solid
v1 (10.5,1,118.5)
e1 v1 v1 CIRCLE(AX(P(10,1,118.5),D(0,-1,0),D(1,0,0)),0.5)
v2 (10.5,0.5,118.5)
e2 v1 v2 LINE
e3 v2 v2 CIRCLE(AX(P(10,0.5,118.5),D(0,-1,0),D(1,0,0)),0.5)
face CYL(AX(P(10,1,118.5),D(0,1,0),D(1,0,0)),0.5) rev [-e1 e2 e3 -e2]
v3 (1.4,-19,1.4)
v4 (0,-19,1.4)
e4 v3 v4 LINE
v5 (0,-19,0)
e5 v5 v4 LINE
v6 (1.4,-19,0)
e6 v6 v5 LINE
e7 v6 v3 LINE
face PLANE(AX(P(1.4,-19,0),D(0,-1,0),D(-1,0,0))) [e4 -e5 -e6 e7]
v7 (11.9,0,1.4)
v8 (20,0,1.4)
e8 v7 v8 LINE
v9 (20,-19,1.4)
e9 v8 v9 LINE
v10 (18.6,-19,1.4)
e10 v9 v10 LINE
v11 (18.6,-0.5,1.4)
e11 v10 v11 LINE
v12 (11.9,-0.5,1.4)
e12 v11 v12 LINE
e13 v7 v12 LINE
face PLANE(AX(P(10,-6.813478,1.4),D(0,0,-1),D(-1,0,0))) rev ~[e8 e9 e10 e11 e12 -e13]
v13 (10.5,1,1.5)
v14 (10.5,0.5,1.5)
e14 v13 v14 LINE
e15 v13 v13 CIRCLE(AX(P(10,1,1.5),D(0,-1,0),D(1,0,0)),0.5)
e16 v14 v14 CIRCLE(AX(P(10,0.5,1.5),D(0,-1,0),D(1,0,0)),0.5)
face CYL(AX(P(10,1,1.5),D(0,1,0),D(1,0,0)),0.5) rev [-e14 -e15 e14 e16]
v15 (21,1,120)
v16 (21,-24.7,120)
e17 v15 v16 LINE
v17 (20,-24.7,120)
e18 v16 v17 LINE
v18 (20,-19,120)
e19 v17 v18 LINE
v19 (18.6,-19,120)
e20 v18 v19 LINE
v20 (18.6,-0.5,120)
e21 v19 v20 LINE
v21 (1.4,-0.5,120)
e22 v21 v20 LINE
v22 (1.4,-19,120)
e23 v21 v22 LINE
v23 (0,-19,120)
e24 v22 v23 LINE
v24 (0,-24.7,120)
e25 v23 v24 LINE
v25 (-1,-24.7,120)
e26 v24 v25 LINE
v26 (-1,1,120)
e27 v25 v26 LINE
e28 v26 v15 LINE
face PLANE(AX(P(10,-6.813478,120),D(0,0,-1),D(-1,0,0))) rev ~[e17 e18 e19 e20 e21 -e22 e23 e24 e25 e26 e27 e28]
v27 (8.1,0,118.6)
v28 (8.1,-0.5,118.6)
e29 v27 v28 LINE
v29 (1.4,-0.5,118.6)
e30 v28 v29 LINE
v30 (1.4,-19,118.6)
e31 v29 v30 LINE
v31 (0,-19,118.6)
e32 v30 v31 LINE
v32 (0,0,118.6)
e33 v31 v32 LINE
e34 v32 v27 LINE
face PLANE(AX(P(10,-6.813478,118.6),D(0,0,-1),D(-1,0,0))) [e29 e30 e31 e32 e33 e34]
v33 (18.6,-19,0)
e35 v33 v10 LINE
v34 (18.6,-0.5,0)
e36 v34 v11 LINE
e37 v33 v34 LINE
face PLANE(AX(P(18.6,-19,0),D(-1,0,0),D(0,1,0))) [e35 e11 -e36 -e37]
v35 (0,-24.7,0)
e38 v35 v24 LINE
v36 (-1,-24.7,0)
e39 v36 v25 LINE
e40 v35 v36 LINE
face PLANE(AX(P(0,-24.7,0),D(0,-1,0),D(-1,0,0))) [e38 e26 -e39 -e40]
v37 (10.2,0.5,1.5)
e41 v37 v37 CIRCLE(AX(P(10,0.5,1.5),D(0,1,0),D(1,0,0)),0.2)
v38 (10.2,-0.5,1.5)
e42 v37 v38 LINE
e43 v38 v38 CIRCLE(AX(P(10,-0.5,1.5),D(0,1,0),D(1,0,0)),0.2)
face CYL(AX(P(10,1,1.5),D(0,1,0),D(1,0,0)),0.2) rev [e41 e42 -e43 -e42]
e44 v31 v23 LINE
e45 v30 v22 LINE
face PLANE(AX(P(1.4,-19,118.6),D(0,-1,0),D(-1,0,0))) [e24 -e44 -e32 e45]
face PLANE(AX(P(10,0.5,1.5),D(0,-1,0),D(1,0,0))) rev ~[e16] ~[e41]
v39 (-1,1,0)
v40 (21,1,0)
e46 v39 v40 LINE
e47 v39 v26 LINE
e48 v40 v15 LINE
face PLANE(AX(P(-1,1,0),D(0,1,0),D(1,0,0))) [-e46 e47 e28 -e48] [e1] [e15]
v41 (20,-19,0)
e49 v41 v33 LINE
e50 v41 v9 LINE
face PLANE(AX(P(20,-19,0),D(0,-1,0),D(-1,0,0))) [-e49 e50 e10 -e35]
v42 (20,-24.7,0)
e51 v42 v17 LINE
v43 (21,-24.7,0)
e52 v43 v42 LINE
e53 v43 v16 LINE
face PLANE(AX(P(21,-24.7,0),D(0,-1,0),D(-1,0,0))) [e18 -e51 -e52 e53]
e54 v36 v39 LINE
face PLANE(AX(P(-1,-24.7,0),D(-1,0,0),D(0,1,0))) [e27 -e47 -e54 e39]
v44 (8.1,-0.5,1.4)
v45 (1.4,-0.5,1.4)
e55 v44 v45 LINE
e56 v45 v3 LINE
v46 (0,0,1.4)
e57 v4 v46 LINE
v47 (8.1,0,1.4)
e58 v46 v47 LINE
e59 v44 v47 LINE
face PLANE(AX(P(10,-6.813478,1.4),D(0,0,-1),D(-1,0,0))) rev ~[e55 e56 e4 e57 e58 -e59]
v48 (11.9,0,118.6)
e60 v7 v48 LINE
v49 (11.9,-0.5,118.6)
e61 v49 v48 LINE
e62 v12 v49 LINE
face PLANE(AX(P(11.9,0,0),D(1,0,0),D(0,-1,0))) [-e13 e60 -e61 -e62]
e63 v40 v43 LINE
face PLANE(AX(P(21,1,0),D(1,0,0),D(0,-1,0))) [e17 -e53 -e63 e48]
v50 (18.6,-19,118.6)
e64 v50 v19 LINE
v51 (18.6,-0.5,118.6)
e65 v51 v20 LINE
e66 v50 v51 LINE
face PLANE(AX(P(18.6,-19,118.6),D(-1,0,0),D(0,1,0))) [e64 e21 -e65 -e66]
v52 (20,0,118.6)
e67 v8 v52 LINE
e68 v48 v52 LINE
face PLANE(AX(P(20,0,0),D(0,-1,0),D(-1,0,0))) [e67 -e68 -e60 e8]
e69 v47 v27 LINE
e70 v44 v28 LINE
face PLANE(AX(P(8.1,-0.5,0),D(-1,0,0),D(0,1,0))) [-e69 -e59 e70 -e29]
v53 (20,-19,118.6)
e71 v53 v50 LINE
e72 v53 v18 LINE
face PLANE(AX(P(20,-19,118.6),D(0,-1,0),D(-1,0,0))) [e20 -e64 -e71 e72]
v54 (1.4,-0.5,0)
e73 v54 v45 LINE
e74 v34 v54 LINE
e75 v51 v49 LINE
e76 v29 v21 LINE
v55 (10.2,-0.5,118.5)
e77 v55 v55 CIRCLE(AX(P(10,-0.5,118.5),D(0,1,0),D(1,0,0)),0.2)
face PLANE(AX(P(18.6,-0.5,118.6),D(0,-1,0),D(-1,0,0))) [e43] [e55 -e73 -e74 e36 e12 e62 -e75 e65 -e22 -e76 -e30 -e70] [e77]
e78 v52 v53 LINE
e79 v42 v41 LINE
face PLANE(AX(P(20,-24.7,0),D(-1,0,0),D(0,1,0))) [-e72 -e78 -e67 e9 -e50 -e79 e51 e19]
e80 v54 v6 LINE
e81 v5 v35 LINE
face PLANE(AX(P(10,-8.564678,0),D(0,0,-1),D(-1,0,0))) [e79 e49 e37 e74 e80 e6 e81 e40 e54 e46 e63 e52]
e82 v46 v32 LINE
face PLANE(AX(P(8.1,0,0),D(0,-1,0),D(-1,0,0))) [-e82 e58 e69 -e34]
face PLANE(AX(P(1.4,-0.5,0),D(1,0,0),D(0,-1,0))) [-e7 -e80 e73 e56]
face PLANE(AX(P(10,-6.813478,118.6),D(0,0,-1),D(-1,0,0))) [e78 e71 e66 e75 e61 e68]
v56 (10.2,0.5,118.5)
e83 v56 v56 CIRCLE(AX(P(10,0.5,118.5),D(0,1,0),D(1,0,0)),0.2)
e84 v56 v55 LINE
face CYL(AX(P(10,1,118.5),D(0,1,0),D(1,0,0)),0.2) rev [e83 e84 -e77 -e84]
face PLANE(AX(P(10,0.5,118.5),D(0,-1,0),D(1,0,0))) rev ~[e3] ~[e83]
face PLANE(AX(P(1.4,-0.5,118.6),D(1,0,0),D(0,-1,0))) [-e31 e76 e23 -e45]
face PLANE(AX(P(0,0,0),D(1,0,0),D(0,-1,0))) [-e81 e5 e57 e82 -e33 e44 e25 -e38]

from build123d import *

# Parameters (mm, degrees)
CYLINDER002_R        = 0.5
CYLINDER002_DEPTH    = 0.5
CYLINDER003_R        = 0.2
CYLINDER003_DEPTH    = 10
FUSION002_ROLL_ANGLE = 90
CYLINDER_R           = 0.5
CYLINDER_DEPTH       = 0.5
CYLINDER001_R        = 0.2
CYLINDER001_DEPTH    = 10
FUSION001_ROLL_ANGLE = 90
PAD_DEPTH            = 120
PAD002_DEPTH         = 1.4
PAD001_DEPTH         = 1.4


with BuildPart() as cylinder002:
    # Cylinder002 → Cylinder002 (new body)
    with BuildSketch(Plane(origin=(0, 3, 0), x_dir=(1, 0, 0), z_dir=(0, 0, 1))):
        Circle(CYLINDER002_R)
    extrude(amount=CYLINDER002_DEPTH)


with BuildPart() as screwhole2:
    # Cylinder003 → Cylinder003 (new body)
    with BuildSketch(Plane(origin=(0, 3, 0), x_dir=(1, 0, 0), z_dir=(0, 0, 1))):
        Circle(CYLINDER003_R)
    extrude(amount=CYLINDER003_DEPTH)

    # Fusion002: union Cylinder002
    add(cylinder002.part)


with BuildPart() as screwhole2_1:
    # Fusion002 roll: moved
    add(screwhole2.part.rotate(Axis((0, 0, 0), (1, 0, 0)), FUSION002_ROLL_ANGLE))


with BuildPart() as screwhole2_2:
    # Fusion002 placement: moved
    add(screwhole2_1.part.moved(Location((10, 1, 115.5))))


with BuildPart() as cylinder:
    # Cylinder → Cylinder (new body)
    with BuildSketch(Plane(origin=(0, 3, 0), x_dir=(1, 0, 0), z_dir=(0, 0, 1))):
        Circle(CYLINDER_R)
    extrude(amount=CYLINDER_DEPTH)


with BuildPart() as screws:
    # Cylinder001 → Cylinder001 (new body)
    with BuildSketch(Plane(origin=(0, 3, 0), x_dir=(1, 0, 0), z_dir=(0, 0, 1))):
        Circle(CYLINDER001_R)
    extrude(amount=CYLINDER001_DEPTH)

    # Fusion001: union Cylinder
    add(cylinder.part)


with BuildPart() as screws_1:
    # Fusion001 roll: moved
    add(screws.part.rotate(Axis((0, 0, 0), (1, 0, 0)), FUSION001_ROLL_ANGLE))


with BuildPart() as screws_2:
    # Fusion001 placement: moved
    add(screws_1.part.moved(Location((10, 1, -1.5))))

    # Fusion003: union screwhole2
    add(screwhole2_2.part)


with BuildPart() as outerform:
    # Sketch → Pad (new body)
    with BuildSketch(Plane.XY):
        Polygon((-1, 1), (21, 1), (21, -24.7), (20, -24.7), (20, 0), (11.9, 0), (11.9, -0.5), (8.1, -0.5), (8.1, 0), (0, 0), (0, -24.7), (-1, -24.7), align=None)
    extrude(amount=PAD_DEPTH)


with BuildPart() as upper_slide:
    # Sketch002 → Pad002 (new body)
    with BuildSketch(Plane.XY.offset(118.6)):
        Polygon((0, 0), (20, 0), (20, -19), (18.6, -19), (18.6, -0.5), (1.4, -0.5), (1.4, -19), (0, -19), align=None)
    extrude(amount=PAD002_DEPTH)


with BuildPart() as shellwithholes:
    # Sketch001 → Pad001 (new body)
    with BuildSketch(Plane.XY):
        Polygon((0, 0), (20, 0), (20, -19), (18.6, -19), (18.6, -0.5), (1.4, -0.5), (1.4, -19), (0, -19), align=None)
    extrude(amount=PAD001_DEPTH)

    # Fusion: union Outerform, upper_slide
    add(outerform.part)
    add(upper_slide.part)

    # Cut: cut screws
    add(screws_2.part, mode=Mode.SUBTRACT)


solid = shellwithholes.part
